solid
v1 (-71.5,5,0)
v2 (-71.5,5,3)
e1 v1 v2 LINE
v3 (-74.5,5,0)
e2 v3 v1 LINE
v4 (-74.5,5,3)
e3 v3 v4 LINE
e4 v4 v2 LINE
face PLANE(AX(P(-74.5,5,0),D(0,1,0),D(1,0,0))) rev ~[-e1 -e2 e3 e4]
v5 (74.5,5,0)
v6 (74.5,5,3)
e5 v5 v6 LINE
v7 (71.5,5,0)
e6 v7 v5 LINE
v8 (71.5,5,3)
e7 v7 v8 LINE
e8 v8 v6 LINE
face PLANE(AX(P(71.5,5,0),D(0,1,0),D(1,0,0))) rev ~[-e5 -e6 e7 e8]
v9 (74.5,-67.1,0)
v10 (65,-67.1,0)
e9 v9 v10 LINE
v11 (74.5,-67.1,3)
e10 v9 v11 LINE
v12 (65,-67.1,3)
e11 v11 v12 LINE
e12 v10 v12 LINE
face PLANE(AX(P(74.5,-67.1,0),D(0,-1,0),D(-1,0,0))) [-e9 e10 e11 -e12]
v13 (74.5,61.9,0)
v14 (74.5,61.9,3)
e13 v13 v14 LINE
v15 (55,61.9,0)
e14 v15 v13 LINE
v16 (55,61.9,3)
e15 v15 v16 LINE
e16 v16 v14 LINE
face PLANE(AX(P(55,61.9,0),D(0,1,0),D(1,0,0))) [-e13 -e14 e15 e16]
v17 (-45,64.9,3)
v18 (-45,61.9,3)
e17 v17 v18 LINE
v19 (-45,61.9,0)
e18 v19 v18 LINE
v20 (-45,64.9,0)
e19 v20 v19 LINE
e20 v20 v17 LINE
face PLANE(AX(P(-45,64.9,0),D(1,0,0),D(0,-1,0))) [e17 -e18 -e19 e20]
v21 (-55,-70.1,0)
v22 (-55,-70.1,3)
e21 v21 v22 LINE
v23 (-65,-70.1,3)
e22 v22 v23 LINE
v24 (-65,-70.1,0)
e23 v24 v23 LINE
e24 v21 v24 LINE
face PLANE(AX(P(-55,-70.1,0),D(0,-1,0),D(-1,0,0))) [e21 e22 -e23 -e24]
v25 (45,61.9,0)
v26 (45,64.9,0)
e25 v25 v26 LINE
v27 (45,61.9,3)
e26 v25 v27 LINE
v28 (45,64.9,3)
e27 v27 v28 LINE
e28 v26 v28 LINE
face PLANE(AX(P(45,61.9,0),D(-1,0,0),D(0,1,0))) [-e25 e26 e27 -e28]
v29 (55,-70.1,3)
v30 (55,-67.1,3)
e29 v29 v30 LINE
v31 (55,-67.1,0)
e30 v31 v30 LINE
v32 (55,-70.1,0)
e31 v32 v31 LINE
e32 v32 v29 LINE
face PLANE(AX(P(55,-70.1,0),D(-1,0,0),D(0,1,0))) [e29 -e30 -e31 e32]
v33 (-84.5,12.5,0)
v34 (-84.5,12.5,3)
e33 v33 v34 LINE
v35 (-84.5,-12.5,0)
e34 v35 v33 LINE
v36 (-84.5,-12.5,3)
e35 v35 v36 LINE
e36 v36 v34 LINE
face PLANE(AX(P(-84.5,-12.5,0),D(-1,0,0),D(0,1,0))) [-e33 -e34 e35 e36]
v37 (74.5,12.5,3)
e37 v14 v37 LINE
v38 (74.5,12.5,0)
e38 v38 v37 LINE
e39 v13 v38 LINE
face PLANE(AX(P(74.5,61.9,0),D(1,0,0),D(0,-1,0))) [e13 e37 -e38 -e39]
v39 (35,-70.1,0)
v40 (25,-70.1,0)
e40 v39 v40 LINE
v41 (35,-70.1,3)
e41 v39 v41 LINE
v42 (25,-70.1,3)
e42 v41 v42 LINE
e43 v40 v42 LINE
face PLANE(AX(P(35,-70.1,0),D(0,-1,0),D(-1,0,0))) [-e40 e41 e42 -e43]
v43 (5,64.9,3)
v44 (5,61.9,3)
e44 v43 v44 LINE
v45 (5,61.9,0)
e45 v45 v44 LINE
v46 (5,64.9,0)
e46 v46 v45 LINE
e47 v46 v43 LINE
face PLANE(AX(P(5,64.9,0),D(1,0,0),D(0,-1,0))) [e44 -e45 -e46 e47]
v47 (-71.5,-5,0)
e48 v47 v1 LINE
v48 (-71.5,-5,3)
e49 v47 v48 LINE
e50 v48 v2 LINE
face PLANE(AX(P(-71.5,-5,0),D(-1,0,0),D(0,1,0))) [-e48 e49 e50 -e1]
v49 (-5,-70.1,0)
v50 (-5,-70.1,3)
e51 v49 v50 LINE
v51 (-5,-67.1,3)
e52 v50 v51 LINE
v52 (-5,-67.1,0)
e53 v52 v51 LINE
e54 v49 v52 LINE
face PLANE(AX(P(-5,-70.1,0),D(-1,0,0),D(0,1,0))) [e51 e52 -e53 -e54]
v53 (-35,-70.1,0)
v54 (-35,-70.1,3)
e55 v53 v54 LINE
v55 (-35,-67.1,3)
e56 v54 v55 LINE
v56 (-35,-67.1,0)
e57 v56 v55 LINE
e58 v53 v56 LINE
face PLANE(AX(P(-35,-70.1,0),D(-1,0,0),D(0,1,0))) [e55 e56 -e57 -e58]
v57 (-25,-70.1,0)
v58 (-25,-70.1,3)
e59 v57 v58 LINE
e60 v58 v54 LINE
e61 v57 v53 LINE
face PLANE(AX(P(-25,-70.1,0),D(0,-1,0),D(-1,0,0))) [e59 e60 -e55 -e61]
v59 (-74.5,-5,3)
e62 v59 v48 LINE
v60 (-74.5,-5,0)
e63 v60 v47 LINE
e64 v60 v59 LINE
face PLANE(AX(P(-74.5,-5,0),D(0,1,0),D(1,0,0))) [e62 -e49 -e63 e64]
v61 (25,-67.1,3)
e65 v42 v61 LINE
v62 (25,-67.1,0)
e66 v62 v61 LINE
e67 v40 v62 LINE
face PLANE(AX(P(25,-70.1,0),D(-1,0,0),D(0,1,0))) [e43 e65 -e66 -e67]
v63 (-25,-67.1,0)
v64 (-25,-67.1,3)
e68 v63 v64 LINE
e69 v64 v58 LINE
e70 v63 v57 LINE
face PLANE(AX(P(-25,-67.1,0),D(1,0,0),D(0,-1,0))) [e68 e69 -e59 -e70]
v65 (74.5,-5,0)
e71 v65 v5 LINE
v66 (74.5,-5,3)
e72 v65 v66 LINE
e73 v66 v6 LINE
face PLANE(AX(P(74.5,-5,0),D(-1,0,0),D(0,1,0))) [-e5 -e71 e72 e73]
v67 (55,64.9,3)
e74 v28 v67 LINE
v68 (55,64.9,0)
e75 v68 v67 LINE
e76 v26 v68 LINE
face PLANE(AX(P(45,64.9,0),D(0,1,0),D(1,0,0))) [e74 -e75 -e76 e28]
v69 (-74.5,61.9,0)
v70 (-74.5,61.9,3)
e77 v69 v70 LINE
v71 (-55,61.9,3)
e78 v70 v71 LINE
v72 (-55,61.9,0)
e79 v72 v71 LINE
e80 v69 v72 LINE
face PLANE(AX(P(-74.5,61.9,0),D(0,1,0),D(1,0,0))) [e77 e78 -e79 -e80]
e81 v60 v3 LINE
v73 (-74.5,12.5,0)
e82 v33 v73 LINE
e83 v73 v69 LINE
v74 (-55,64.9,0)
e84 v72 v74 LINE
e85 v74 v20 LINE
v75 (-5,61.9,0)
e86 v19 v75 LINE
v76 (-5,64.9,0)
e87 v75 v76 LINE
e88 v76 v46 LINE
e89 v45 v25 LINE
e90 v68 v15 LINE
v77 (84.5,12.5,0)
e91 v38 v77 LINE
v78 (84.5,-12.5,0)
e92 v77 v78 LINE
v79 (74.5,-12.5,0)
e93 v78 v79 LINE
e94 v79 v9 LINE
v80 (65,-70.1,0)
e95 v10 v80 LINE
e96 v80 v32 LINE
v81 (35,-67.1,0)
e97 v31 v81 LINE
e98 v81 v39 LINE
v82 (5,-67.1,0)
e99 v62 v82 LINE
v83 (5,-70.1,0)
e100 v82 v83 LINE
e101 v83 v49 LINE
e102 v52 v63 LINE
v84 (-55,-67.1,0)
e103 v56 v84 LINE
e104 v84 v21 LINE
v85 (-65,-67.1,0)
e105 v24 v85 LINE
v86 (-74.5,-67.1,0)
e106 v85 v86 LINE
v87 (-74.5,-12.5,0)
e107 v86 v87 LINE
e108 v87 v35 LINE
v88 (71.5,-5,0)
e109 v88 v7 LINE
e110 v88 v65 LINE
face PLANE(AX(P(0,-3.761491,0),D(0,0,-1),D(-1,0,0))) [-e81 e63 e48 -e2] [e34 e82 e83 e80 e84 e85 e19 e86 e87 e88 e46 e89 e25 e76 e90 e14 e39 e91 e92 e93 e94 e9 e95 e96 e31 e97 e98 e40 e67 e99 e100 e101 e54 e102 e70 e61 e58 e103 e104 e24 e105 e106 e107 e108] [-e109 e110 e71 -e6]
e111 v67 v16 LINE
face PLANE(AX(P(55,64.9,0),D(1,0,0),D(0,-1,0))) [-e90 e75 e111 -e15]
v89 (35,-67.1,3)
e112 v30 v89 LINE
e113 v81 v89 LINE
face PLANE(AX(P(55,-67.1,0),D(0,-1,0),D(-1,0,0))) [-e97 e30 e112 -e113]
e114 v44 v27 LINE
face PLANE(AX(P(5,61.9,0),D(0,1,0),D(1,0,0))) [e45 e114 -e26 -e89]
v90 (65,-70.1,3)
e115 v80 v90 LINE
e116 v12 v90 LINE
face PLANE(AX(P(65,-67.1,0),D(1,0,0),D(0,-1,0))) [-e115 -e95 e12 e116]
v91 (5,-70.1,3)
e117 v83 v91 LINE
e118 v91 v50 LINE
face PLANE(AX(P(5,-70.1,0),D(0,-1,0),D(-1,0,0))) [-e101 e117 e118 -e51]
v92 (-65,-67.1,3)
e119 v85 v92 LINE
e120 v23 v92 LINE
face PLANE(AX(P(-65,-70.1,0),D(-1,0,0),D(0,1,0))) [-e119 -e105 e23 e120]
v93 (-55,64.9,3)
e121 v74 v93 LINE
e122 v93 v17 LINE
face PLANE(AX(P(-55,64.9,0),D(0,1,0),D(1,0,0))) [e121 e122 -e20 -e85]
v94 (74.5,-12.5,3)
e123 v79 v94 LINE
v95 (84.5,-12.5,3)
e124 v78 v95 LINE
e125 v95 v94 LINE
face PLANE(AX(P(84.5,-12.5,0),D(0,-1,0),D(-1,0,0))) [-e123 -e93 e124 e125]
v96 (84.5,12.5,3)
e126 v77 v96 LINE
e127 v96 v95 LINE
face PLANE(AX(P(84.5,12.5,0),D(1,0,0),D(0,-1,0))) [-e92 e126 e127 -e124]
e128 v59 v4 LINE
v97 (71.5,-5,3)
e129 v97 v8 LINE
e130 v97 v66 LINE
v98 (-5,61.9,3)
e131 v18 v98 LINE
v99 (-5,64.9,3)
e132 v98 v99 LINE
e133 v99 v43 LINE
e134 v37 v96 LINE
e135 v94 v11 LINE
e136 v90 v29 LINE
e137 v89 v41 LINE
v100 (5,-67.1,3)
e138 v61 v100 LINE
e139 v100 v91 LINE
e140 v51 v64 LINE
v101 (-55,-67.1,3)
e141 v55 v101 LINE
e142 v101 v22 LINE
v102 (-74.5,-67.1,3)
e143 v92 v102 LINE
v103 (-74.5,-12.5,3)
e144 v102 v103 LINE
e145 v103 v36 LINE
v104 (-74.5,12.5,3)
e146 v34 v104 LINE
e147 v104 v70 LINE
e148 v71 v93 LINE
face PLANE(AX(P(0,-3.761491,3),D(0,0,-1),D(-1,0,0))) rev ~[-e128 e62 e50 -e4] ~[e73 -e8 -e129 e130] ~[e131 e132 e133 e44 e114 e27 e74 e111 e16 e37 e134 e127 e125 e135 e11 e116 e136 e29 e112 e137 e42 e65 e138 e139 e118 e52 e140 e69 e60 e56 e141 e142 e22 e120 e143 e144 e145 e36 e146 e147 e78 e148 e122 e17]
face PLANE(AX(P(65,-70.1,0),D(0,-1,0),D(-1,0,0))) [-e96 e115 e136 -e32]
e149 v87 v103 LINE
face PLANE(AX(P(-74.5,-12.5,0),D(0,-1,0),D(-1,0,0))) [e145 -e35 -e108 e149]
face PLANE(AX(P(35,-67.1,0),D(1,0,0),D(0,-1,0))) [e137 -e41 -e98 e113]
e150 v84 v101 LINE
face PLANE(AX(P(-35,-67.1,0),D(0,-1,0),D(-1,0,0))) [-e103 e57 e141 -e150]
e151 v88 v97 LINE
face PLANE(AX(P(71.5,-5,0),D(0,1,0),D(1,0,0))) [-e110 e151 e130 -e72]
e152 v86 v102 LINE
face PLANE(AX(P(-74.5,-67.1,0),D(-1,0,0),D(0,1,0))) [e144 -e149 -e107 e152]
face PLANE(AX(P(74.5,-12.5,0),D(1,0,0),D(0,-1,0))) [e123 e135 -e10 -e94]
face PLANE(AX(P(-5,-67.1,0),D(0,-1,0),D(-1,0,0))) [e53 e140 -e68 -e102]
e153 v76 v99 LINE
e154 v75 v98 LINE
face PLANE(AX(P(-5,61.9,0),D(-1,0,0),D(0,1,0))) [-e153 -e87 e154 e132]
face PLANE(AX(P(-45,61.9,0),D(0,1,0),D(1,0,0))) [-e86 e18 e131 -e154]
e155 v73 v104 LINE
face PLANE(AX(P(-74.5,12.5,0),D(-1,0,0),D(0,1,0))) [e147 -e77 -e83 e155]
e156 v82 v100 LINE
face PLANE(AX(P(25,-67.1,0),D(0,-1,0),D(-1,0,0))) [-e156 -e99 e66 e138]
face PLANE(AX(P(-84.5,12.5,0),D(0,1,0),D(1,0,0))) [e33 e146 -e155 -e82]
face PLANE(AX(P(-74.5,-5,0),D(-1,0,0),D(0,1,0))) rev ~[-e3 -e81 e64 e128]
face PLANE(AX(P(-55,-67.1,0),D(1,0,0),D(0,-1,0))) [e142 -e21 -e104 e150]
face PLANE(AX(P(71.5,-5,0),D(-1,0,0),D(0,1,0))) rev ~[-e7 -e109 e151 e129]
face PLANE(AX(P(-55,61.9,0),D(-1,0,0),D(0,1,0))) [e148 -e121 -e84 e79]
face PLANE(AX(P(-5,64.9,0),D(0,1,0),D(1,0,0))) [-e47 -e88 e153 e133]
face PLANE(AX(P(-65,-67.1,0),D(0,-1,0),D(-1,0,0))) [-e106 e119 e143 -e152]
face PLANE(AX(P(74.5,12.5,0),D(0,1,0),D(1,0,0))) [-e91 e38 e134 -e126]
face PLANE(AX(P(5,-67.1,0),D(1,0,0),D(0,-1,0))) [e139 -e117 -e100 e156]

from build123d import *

# Parameters (mm, degrees)
SKETCH1_W           = 3
SKETCH1_H           = 10
BOSS_EXTRUDE1_DEPTH = 3


with BuildPart() as part:
    # Sketch1 → Boss-Extrude1 (new body)
    with BuildSketch(Plane.XY):
        Polygon((-74.5, 61.9), (-55, 61.9), (-55, 64.9), (-45, 64.9), (-45, 61.9), (-5, 61.9), (-5, 64.9), (5, 64.9), (5, 61.9), (45, 61.9), (45, 64.9), (55, 64.9), (55, 61.9), (74.5, 61.9), (74.5, 12.5), (84.5, 12.5), (84.5, -12.5), (74.5, -12.5), (74.5, -67.1), (65, -67.1), (65, -70.1), (55, -70.1), (55, -67.1), (35, -67.1), (35, -70.1), (25, -70.1), (25, -67.1), (5, -67.1), (5, -70.1), (-5, -70.1), (-5, -67.1), (-25, -67.1), (-25, -70.1), (-35, -70.1), (-35, -67.1), (-55, -67.1), (-55, -70.1), (-65, -70.1), (-65, -67.1), (-74.5, -67.1), (-74.5, -12.5), (-84.5, -12.5), (-84.5, 12.5), (-74.5, 12.5), align=None)
        with Locations((73, 0)):
            Rectangle(SKETCH1_W, SKETCH1_H, mode=Mode.SUBTRACT)
        with Locations((-73, 0)):
            Rectangle(SKETCH1_W, SKETCH1_H, mode=Mode.SUBTRACT)
    extrude(amount=BOSS_EXTRUDE1_DEPTH)


solid = part.part
